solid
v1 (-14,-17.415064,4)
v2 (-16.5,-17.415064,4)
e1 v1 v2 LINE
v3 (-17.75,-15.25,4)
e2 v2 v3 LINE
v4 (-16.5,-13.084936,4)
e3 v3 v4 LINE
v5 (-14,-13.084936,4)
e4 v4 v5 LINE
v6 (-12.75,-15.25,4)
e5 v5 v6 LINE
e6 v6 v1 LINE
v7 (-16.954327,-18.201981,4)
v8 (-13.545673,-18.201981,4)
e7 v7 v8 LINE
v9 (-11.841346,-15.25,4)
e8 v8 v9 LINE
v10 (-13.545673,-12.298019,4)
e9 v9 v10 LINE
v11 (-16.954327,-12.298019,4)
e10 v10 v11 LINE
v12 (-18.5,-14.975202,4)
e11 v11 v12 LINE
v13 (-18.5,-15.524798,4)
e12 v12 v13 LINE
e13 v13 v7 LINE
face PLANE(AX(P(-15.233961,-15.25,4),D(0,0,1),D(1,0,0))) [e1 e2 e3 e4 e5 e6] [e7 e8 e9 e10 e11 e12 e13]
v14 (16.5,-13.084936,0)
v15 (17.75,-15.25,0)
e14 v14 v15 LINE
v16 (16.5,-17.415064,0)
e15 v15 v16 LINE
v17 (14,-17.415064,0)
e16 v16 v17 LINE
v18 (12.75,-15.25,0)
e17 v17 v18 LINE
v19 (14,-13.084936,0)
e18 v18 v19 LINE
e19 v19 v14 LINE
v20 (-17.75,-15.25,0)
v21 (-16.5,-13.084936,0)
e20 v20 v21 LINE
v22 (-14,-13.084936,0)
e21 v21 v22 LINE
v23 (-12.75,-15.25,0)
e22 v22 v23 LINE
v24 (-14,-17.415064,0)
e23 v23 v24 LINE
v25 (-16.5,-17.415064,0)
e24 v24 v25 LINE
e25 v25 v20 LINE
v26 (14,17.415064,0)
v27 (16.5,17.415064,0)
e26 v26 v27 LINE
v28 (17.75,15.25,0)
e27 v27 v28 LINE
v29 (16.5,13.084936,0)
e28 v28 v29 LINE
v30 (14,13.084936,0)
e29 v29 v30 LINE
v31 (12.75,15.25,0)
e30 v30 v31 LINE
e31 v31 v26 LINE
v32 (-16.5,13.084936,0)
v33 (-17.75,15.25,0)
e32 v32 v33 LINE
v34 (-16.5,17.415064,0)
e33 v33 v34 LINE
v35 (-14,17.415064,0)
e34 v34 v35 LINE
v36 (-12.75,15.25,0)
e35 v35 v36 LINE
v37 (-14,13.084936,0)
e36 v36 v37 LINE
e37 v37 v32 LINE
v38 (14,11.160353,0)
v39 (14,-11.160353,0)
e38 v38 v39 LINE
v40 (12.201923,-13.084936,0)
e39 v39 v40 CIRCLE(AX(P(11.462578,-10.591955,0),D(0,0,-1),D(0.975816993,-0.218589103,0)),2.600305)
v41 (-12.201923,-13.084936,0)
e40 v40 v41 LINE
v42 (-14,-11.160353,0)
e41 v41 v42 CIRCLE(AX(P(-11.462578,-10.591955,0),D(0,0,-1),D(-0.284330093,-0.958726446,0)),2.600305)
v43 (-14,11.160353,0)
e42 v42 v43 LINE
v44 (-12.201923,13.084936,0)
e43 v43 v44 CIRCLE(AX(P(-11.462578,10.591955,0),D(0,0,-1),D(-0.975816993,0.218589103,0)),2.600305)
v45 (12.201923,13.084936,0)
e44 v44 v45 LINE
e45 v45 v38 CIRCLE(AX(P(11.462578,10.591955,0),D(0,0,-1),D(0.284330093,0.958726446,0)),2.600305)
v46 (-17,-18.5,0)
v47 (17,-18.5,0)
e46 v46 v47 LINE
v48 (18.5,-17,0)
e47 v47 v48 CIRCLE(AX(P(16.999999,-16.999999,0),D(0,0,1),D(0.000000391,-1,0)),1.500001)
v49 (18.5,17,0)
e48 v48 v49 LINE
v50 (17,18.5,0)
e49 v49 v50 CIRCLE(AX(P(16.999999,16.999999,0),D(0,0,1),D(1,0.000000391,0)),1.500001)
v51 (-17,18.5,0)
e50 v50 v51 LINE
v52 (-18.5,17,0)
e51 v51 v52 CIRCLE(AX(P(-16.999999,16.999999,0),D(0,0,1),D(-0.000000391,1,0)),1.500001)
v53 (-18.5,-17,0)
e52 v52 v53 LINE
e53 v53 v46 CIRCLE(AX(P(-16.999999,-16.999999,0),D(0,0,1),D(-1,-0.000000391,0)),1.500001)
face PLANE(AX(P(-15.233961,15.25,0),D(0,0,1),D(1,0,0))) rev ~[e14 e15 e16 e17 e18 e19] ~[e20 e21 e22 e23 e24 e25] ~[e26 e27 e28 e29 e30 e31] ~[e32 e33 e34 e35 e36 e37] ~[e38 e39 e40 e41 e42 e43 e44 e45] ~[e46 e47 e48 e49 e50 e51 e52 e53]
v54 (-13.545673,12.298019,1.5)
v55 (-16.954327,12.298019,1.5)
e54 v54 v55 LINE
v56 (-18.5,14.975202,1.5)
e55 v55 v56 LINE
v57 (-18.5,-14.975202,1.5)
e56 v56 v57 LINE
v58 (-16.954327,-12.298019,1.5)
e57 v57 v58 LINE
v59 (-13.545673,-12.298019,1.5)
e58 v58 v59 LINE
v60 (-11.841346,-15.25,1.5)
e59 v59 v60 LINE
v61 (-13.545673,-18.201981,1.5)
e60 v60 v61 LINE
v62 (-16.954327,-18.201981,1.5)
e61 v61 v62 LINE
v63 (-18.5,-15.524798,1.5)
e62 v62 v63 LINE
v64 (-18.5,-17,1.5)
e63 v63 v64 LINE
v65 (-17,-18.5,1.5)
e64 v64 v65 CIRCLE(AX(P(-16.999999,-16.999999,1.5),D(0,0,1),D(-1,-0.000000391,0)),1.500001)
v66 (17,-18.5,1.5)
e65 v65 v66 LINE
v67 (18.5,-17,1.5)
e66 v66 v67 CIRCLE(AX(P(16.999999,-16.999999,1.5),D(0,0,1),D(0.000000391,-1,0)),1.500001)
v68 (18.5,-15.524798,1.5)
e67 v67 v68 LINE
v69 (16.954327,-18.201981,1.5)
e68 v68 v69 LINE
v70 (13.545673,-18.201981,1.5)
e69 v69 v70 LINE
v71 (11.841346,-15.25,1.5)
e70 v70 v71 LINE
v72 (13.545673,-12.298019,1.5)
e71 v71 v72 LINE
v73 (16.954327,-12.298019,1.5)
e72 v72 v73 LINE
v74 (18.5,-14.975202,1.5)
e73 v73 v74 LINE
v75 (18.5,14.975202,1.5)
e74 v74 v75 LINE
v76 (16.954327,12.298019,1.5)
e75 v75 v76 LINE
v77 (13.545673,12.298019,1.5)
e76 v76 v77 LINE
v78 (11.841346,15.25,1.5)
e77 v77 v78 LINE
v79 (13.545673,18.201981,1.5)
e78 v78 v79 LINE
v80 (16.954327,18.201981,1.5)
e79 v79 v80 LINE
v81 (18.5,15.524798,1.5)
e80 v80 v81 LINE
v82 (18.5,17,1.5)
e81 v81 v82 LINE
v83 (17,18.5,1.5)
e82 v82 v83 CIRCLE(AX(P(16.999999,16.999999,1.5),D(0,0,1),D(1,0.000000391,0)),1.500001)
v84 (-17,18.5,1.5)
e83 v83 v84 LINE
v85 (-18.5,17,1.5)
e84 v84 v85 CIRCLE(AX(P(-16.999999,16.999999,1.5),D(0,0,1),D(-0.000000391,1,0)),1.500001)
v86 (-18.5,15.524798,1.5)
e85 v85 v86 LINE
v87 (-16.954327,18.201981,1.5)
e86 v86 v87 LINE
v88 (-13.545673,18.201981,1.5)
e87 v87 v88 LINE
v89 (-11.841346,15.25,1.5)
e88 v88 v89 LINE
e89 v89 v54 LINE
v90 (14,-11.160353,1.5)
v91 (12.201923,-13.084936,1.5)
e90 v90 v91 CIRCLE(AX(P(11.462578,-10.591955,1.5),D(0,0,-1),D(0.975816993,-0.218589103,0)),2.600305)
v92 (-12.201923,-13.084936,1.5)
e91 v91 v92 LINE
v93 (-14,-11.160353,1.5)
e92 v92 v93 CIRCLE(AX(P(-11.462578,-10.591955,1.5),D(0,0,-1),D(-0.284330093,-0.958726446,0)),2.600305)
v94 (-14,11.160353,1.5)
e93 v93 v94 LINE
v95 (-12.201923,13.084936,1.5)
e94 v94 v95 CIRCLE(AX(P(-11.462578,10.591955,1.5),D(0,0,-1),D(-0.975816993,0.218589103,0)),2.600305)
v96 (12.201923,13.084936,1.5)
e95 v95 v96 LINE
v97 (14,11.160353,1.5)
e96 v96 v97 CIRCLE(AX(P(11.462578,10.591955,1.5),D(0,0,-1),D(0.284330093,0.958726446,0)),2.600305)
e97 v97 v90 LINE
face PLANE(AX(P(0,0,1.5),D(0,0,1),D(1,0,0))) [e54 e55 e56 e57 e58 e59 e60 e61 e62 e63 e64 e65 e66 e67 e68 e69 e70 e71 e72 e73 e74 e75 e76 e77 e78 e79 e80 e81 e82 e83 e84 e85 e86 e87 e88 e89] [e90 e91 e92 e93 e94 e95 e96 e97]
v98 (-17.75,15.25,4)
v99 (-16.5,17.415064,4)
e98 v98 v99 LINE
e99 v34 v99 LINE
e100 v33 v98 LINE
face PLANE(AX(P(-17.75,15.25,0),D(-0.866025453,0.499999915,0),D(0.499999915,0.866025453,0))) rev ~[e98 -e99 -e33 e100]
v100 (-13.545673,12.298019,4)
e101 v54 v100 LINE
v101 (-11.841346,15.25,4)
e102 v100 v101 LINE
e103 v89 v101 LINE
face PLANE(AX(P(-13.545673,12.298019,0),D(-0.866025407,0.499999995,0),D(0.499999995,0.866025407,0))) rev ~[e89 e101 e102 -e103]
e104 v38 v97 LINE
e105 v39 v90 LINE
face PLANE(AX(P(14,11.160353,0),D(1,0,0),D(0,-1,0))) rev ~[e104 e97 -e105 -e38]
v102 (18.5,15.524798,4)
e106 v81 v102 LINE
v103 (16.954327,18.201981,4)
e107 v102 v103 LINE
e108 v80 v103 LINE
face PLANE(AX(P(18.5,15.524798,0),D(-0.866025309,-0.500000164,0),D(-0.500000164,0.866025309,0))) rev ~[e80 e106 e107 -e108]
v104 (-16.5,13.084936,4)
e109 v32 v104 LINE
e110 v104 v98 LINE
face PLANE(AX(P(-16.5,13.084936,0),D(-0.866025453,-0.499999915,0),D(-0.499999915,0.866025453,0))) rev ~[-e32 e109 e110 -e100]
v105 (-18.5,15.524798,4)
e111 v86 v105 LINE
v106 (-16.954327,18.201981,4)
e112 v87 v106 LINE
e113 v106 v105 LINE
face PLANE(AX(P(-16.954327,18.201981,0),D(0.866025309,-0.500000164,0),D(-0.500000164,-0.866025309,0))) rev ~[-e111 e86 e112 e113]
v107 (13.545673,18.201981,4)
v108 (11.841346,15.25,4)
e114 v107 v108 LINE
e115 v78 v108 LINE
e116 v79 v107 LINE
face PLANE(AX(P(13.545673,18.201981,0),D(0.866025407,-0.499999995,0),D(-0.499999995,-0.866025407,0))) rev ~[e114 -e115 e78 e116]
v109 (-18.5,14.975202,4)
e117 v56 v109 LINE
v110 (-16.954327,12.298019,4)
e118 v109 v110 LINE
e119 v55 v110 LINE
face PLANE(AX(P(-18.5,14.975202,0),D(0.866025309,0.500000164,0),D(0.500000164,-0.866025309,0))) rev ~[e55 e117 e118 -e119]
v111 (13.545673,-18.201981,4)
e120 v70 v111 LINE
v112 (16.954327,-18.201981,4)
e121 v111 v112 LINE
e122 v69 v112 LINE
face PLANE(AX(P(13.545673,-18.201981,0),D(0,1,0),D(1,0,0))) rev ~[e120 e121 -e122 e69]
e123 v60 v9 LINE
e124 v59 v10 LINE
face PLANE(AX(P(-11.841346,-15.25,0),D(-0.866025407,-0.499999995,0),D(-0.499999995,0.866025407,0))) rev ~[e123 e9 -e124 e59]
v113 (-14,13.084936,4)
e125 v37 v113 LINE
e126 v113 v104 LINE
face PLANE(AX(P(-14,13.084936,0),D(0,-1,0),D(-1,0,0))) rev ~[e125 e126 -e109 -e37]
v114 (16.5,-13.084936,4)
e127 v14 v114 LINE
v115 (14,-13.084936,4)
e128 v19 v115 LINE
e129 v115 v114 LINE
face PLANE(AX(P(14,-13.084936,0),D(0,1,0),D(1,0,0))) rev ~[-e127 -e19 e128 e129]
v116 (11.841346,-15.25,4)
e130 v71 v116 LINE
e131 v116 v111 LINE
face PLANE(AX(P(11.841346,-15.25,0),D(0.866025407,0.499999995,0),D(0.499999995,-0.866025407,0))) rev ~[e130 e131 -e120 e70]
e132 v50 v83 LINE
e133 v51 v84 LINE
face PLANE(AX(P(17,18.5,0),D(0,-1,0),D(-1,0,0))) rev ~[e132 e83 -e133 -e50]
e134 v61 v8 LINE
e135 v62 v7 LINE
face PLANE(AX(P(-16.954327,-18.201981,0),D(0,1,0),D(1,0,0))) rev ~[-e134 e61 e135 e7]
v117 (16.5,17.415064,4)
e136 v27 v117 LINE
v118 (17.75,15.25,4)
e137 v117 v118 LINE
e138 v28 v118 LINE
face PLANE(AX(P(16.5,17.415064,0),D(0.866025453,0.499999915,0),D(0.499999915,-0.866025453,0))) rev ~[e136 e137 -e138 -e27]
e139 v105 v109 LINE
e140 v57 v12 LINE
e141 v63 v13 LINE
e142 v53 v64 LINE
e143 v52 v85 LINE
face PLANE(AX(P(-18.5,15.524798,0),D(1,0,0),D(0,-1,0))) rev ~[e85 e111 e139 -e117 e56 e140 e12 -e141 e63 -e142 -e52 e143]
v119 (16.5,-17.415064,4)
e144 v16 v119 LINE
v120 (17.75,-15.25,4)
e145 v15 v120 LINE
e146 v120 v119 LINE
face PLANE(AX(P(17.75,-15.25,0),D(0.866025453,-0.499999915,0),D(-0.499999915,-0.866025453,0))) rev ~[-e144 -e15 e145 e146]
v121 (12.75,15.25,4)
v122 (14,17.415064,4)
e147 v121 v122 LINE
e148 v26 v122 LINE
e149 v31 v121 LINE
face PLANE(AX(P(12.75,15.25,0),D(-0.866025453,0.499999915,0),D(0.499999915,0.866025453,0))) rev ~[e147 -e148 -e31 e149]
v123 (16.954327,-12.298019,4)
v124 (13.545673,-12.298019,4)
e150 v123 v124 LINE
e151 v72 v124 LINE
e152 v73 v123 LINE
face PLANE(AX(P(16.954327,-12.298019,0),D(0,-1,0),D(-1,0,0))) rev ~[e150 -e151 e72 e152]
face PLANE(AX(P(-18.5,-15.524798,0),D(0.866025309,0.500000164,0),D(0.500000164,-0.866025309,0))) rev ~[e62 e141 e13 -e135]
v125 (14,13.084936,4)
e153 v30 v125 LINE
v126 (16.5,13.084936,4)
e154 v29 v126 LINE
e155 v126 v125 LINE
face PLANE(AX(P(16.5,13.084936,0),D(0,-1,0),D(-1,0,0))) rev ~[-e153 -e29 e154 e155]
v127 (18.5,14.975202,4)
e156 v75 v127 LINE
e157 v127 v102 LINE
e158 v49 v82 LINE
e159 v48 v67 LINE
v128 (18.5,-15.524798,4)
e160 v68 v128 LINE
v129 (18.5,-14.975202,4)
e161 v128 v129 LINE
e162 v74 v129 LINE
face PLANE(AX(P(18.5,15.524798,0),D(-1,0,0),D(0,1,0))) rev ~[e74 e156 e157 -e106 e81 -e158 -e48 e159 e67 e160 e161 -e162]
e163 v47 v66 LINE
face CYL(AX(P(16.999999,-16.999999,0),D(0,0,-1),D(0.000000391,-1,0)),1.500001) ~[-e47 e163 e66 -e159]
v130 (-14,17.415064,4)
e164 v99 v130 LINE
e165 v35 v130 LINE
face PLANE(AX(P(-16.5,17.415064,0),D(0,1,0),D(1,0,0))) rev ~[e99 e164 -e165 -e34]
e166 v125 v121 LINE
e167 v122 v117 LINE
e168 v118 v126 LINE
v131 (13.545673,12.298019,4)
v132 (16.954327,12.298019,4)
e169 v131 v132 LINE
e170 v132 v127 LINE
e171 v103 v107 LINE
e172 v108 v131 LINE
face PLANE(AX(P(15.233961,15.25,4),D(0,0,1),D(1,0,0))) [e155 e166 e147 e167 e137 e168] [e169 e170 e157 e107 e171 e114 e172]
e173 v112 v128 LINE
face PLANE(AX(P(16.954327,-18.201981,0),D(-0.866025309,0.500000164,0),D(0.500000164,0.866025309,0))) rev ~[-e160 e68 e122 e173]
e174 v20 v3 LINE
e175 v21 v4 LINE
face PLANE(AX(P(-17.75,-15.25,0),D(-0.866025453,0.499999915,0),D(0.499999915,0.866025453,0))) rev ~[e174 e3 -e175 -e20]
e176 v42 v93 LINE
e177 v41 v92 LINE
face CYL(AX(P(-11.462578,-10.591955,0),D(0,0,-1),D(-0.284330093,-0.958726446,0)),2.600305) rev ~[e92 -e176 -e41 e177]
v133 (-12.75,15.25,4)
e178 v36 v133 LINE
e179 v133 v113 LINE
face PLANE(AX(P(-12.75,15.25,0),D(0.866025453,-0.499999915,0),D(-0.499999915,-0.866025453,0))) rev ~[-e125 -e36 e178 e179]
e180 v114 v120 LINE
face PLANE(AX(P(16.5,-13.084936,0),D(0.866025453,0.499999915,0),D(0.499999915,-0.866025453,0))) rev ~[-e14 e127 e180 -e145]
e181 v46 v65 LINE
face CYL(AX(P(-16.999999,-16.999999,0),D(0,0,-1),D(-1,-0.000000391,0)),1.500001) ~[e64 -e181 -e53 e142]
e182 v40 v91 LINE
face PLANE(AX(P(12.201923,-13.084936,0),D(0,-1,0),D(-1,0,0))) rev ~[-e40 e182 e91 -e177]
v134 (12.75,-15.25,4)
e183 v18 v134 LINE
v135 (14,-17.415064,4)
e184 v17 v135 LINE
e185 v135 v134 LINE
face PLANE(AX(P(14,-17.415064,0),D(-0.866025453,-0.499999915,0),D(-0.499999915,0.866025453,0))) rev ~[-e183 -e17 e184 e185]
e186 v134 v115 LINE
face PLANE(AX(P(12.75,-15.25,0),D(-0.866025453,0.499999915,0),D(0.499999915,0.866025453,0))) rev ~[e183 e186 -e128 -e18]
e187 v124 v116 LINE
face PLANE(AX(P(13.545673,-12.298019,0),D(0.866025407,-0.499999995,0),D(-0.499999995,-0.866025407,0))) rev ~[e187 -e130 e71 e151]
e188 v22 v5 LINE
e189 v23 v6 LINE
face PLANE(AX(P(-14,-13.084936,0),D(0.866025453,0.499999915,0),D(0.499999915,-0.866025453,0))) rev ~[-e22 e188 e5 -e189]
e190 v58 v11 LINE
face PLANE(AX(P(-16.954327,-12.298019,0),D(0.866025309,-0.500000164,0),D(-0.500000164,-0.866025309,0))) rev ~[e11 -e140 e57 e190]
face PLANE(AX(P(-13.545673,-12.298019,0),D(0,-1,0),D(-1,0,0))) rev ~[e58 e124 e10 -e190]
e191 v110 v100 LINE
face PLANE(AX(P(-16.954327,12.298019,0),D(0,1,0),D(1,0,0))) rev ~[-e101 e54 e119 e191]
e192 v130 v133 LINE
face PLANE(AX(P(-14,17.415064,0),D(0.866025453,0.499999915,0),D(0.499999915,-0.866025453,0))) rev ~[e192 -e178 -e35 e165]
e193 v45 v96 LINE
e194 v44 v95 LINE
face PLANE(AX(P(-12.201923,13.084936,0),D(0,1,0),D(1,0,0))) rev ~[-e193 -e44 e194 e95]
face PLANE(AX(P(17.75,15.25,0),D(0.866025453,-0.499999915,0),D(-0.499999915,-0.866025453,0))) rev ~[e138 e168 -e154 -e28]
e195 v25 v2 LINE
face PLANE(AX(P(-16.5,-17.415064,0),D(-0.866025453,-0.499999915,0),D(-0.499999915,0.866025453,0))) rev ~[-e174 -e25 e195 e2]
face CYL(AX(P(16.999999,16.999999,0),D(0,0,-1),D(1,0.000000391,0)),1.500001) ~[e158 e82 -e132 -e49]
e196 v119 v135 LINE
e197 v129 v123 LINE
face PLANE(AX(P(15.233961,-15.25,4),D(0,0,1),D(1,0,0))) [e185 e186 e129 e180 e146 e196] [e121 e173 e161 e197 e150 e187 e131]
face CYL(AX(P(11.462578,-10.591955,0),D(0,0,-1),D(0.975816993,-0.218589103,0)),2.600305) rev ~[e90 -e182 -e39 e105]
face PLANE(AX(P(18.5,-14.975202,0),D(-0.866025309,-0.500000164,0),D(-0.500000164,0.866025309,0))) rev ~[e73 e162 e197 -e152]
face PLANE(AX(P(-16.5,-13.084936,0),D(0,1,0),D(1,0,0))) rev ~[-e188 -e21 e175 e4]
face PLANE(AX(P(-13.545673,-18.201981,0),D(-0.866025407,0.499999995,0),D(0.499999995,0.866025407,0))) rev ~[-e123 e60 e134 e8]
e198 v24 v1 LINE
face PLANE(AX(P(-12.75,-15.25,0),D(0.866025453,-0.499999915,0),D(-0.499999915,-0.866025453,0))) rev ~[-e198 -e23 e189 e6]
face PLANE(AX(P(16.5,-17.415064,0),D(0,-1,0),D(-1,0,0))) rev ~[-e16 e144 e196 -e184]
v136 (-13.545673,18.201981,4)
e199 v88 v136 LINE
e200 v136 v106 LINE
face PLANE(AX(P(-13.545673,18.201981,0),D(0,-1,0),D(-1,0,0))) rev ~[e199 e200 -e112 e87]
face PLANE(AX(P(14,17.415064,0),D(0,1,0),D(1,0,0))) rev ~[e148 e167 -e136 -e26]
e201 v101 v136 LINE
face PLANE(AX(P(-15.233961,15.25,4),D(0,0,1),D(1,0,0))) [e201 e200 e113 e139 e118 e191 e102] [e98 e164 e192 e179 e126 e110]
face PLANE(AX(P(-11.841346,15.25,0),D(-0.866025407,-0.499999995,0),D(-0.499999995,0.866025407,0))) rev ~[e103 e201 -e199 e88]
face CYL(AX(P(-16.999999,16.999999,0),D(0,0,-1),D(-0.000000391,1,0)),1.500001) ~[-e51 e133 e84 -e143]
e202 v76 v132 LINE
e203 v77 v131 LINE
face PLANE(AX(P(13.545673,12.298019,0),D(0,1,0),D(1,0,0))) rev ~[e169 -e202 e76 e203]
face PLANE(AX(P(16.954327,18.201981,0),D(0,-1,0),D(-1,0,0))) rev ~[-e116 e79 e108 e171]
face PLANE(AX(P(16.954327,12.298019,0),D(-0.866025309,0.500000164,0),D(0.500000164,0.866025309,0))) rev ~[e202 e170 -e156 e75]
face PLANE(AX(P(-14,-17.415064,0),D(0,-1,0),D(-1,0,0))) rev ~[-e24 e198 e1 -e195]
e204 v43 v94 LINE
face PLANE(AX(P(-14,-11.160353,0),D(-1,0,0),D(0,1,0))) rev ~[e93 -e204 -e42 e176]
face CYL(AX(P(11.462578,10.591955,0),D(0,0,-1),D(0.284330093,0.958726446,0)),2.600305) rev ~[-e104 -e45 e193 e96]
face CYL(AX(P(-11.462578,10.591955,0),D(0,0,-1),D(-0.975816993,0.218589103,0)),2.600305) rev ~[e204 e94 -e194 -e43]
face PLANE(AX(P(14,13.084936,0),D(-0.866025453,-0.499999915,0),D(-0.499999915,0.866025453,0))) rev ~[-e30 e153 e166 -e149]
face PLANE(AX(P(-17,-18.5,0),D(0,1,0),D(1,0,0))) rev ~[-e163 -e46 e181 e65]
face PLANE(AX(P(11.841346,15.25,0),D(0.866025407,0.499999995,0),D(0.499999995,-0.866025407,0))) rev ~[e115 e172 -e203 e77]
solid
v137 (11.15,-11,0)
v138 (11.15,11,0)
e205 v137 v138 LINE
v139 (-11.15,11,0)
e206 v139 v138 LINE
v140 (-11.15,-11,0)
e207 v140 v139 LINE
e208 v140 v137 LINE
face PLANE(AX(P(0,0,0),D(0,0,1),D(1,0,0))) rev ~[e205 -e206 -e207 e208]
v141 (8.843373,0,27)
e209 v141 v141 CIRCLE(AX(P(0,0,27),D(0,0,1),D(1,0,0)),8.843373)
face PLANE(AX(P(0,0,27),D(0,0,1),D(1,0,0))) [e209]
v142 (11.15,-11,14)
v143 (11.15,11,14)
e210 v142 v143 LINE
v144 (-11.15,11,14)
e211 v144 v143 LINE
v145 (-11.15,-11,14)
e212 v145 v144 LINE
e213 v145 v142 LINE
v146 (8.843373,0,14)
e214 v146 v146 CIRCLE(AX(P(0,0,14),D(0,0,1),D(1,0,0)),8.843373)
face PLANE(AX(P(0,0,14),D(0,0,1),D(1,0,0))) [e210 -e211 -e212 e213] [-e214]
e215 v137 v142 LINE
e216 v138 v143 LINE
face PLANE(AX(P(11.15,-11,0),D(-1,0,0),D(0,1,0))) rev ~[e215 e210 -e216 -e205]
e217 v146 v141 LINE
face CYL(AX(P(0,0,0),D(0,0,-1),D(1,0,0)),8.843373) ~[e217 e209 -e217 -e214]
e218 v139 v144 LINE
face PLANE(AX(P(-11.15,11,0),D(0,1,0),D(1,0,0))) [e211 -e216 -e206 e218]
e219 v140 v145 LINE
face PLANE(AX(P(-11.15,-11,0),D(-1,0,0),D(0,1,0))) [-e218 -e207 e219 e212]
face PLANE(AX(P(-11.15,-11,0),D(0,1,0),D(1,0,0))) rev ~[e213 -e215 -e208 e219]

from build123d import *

# Parameters (mm, degrees)
F1_DEPTH = 1.5
F2_DEPTH = 4
F3_W     = 22.3
F3_H     = 22
F3_R     = 8.843373
F4_DEPTH = 14
F5_DEPTH = 27


with BuildPart() as f1:
    # F0 (on Top) → F1 (new body)
    with BuildSketch(Plane.XY):
        with BuildLine():
            Line((17, 18.5), (-17, 18.5))
            ThreePointArc((-17, 18.5), (-18.06066, 18.06066), (-18.5, 17))
            Line((-18.5, 17), (-18.5, 15.524798))
            Line((-18.5, 15.524798), (-16.954327, 18.201981))
            Line((-16.954327, 18.201981), (-13.545673, 18.201981))
            Line((-13.545673, 18.201981), (-11.841346, 15.25))
            Line((-11.841346, 15.25), (-13.545673, 12.298019))
            Line((-13.545673, 12.298019), (-16.954327, 12.298019))
            Line((-16.954327, 12.298019), (-18.5, 14.975202))
            Line((-18.5, 14.975202), (-18.5, -14.975202))
            Line((-18.5, -14.975202), (-16.954327, -12.298019))
            Line((-16.954327, -12.298019), (-13.545673, -12.298019))
            Line((-13.545673, -12.298019), (-11.841346, -15.25))
            Line((-11.841346, -15.25), (-13.545673, -18.201981))
            Line((-13.545673, -18.201981), (-16.954327, -18.201981))
            Line((-16.954327, -18.201981), (-18.5, -15.524798))
            Line((-18.5, -15.524798), (-18.5, -17))
            ThreePointArc((-18.5, -17), (-18.06066, -18.06066), (-17, -18.5))
            Line((-17, -18.5), (17, -18.5))
            ThreePointArc((17, -18.5), (18.06066, -18.06066), (18.5, -17))
            Line((18.5, -17), (18.5, -15.524798))
            Line((18.5, -15.524798), (16.954327, -18.201981))
            Line((16.954327, -18.201981), (13.545673, -18.201981))
            Line((13.545673, -18.201981), (11.841346, -15.25))
            Line((11.841346, -15.25), (13.545673, -12.298019))
            Line((13.545673, -12.298019), (16.954327, -12.298019))
            Line((16.954327, -12.298019), (18.5, -14.975202))
            Line((18.5, -14.975202), (18.5, 14.975202))
            Line((18.5, 14.975202), (16.954327, 12.298019))
            Line((16.954327, 12.298019), (13.545673, 12.298019))
            Line((13.545673, 12.298019), (11.841346, 15.25))
            Line((11.841346, 15.25), (13.545673, 18.201981))
            Line((13.545673, 18.201981), (16.954327, 18.201981))
            Line((16.954327, 18.201981), (18.5, 15.524798))
            Line((18.5, 15.524798), (18.5, 17))
            ThreePointArc((18.5, 17), (18.06066, 18.06066), (17, 18.5))
        make_face()
        with BuildLine():
            ThreePointArc((12.201923, 13.084936), (13.362658, 12.36714), (14, 11.160353))
            Line((14, 11.160353), (14, -11.160353))
            ThreePointArc((14, -11.160353), (13.362658, -12.36714), (12.201923, -13.084936))
            Line((12.201923, -13.084936), (-12.201923, -13.084936))
            ThreePointArc((-12.201923, -13.084936), (-13.362658, -12.36714), (-14, -11.160353))
            Line((-14, -11.160353), (-14, 11.160353))
            ThreePointArc((-14, 11.160353), (-13.362658, 12.36714), (-12.201923, 13.084936))
            Line((-12.201923, 13.084936), (12.201923, 13.084936))
        make_face(mode=Mode.SUBTRACT)
    extrude(amount=F1_DEPTH)

    # F0 (on Top) → F2 (join)
    with BuildSketch(Plane.XY):
        Polygon((-16.954327, 18.201981), (-18.5, 15.524798), (-18.5, 14.975202), (-16.954327, 12.298019), (-13.545673, 12.298019), (-11.841346, 15.25), (-13.545673, 18.201981), align=None)
        Polygon((-14, 17.415064), (-12.75, 15.25), (-14, 13.084936), (-16.5, 13.084936), (-17.75, 15.25), (-16.5, 17.415064), align=None, mode=Mode.SUBTRACT)
        Polygon((18.5, -15.524798), (18.5, -14.975202), (16.954327, -12.298019), (13.545673, -12.298019), (11.841346, -15.25), (13.545673, -18.201981), (16.954327, -18.201981), align=None)
        Polygon((16.5, -17.415064), (14, -17.415064), (12.75, -15.25), (14, -13.084936), (16.5, -13.084936), (17.75, -15.25), align=None, mode=Mode.SUBTRACT)
        Polygon((-16.954327, -12.298019), (-18.5, -14.975202), (-18.5, -15.524798), (-16.954327, -18.201981), (-13.545673, -18.201981), (-11.841346, -15.25), (-13.545673, -12.298019), align=None)
        Polygon((-16.5, -17.415064), (-17.75, -15.25), (-16.5, -13.084936), (-14, -13.084936), (-12.75, -15.25), (-14, -17.415064), align=None, mode=Mode.SUBTRACT)
        Polygon((18.5, 14.975202), (18.5, 15.524798), (16.954327, 18.201981), (13.545673, 18.201981), (11.841346, 15.25), (13.545673, 12.298019), (16.954327, 12.298019), align=None)
        Polygon((14, 17.415064), (16.5, 17.415064), (17.75, 15.25), (16.5, 13.084936), (14, 13.084936), (12.75, 15.25), align=None, mode=Mode.SUBTRACT)
    extrude(amount=F2_DEPTH)


with BuildPart() as f4:
    # F3 (on Top) → F4 (new body)
    with BuildSketch(Plane.XY):
        Rectangle(F3_W, F3_H)
        Circle(F3_R, mode=Mode.SUBTRACT)
    extrude(amount=F4_DEPTH)

    # F3 (on Top) → F5 (join)
    with BuildSketch(Plane.XY):
        Circle(F3_R)
    extrude(amount=F5_DEPTH)


solid = Compound([f1.part, f4.part])
